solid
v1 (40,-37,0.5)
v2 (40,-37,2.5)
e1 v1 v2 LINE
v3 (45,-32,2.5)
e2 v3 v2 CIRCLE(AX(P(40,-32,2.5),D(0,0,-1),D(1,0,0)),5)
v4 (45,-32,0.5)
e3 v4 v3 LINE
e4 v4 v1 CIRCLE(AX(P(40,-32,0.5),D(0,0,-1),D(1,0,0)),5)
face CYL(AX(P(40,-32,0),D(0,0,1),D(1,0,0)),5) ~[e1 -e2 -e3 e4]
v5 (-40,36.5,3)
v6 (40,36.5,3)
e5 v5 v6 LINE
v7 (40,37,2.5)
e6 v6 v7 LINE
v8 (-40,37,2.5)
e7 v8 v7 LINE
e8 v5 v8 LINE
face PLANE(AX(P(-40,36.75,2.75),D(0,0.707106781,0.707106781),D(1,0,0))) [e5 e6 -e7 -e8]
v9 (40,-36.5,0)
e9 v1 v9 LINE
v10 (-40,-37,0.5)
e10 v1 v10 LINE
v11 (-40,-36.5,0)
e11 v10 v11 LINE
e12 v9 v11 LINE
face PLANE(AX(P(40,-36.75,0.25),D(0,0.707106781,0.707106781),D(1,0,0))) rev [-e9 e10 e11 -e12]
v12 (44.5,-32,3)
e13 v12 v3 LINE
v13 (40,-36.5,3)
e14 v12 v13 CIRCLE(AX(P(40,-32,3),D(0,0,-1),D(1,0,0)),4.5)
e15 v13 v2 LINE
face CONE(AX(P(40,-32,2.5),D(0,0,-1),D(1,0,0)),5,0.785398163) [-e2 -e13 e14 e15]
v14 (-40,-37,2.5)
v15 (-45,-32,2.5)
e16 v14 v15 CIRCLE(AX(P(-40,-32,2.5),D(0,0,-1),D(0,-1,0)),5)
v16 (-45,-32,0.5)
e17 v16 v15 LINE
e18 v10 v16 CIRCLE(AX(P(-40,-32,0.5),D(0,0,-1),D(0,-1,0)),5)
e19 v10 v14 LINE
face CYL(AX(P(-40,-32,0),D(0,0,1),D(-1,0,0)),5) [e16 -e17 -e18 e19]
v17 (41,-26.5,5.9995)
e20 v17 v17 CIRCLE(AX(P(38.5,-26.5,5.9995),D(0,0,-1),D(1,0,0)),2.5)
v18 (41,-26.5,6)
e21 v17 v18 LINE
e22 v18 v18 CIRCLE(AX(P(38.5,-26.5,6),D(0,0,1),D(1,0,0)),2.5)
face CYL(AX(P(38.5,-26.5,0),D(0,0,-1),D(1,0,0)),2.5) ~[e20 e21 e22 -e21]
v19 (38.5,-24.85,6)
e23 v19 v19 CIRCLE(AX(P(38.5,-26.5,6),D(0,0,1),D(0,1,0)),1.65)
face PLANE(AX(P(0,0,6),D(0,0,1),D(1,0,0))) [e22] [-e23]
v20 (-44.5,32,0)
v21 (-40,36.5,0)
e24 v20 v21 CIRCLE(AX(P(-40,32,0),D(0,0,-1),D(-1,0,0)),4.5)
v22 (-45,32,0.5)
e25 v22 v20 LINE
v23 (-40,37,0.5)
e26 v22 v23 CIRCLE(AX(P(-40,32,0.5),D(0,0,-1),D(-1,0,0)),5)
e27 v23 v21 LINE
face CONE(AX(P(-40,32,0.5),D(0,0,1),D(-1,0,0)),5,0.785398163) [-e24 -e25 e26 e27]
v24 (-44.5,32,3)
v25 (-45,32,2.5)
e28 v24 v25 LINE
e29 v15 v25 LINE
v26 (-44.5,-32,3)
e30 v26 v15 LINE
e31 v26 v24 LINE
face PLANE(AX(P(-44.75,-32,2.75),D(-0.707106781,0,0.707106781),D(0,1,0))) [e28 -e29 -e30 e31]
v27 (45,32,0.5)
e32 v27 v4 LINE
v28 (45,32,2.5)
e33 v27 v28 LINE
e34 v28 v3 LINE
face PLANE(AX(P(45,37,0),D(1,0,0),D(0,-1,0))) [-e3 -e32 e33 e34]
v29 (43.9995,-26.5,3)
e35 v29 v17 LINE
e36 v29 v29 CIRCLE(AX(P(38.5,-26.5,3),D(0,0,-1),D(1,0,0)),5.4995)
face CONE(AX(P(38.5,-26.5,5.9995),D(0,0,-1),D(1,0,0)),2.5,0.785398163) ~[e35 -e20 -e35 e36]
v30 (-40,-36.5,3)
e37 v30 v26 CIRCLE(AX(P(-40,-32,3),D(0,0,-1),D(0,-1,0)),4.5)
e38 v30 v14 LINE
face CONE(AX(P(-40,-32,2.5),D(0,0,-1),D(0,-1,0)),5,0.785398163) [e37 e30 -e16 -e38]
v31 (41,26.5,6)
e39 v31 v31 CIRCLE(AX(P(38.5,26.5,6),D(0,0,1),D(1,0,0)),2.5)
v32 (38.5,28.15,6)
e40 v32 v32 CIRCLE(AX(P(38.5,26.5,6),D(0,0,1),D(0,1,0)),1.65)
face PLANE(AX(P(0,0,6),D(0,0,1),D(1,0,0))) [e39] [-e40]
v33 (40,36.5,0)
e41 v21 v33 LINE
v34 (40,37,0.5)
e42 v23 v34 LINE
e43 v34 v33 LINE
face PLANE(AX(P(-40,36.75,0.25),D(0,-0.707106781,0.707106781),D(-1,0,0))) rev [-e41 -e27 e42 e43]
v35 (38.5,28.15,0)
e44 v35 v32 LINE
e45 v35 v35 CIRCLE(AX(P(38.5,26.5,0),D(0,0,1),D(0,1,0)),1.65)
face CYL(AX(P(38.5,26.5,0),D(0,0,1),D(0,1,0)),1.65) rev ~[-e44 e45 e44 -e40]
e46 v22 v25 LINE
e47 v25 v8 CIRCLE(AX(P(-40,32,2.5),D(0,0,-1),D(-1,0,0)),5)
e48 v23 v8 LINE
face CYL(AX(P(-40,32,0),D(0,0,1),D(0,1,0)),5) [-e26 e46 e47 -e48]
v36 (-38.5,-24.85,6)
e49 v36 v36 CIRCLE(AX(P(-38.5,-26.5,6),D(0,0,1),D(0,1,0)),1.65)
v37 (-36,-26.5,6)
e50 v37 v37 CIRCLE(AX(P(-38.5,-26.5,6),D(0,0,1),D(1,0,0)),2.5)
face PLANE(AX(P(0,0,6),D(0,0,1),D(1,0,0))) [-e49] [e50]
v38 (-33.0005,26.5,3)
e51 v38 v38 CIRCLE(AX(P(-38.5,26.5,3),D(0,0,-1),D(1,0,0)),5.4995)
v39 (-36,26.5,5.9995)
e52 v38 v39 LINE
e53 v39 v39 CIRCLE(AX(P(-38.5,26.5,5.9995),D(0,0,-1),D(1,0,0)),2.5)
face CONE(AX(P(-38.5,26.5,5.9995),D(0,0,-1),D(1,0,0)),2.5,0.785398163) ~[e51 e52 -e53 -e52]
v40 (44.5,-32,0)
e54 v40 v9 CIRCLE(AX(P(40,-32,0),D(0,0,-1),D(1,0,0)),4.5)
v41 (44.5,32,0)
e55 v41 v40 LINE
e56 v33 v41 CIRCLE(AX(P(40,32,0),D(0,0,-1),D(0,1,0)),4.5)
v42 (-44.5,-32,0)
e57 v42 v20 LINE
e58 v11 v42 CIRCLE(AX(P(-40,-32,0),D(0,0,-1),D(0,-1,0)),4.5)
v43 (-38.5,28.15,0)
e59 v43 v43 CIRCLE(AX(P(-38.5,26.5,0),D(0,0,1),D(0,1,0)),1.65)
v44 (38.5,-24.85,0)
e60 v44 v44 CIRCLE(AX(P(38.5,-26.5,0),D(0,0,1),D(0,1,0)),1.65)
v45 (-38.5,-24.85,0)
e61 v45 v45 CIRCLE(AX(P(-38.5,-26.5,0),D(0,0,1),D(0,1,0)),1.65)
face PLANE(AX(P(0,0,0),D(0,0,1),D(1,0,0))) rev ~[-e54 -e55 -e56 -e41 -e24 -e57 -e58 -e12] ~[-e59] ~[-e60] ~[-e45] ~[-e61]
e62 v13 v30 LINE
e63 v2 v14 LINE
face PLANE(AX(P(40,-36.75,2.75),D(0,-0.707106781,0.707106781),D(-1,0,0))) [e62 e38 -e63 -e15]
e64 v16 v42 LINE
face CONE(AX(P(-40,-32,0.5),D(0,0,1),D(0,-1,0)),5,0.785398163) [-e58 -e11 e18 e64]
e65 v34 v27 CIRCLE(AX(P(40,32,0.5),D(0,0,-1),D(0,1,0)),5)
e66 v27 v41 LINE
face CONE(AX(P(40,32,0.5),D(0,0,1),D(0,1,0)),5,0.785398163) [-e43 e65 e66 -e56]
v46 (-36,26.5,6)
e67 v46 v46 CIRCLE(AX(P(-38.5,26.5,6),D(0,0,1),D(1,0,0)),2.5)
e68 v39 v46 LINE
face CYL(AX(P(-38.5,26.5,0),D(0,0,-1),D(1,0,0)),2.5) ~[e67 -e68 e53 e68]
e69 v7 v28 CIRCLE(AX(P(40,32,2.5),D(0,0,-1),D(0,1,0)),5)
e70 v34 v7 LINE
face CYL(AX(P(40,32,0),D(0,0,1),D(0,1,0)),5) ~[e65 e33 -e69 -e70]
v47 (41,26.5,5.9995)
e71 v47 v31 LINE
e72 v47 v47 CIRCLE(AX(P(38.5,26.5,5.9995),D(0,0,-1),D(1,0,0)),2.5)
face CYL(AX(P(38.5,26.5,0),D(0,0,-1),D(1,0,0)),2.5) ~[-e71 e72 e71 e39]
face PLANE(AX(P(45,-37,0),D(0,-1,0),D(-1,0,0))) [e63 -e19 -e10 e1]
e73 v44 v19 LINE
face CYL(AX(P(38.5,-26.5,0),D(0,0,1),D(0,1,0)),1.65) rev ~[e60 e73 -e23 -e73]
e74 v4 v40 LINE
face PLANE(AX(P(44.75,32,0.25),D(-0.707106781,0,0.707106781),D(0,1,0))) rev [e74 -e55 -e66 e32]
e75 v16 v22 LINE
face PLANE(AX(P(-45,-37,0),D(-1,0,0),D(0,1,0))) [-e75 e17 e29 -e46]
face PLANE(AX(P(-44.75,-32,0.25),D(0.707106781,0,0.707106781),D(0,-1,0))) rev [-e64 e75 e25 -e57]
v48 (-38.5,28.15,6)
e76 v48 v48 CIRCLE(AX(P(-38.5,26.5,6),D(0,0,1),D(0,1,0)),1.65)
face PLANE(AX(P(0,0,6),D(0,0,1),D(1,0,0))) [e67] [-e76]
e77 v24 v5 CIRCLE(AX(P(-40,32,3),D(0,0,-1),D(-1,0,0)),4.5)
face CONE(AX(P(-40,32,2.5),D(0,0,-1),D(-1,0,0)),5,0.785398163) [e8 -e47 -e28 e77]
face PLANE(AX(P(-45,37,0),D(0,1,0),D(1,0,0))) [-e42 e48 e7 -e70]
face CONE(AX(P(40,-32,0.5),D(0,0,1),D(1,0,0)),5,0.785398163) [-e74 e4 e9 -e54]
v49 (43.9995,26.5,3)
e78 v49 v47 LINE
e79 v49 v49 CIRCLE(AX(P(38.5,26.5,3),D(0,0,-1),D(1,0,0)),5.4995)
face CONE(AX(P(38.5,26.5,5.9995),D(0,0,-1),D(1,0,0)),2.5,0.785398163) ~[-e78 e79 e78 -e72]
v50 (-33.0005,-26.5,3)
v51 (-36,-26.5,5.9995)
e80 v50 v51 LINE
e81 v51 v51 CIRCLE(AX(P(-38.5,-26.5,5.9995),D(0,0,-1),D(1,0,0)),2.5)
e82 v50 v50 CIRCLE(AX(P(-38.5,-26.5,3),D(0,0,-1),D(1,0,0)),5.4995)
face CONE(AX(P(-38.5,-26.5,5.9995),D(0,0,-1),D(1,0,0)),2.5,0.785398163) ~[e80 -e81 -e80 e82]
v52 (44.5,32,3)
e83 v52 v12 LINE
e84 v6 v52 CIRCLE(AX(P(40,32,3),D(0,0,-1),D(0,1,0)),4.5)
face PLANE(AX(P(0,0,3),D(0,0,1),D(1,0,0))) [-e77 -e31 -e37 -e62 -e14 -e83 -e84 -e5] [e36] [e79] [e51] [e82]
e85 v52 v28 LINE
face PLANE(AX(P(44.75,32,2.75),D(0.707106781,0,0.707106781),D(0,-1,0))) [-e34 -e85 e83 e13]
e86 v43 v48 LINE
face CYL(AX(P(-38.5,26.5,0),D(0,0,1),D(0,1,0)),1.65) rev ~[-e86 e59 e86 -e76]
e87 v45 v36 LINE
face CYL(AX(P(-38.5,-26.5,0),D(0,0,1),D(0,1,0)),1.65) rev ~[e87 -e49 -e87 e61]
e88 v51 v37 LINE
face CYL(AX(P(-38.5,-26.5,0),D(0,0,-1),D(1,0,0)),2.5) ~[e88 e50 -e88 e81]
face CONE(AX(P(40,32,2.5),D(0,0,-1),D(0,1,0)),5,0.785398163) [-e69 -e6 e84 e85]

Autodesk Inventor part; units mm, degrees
ref_plane "YZ Plane" through (0, 0, 0) normal (1, 0, 0) x (0, 1, 0)
ref_plane "XZ Plane" through (0, 0, 0) normal (0, 1, 0) x (-1, 0, 0)
ref_plane "XY Plane" through (0, 0, 0) normal (0, 0, 1) x (1, 0, 0)
sketch "Sketch1" plane through (0, 0, 0) normal (0, 0, 1) x (1, 0, 0)
  line L0 (-45, 37) -> (45, 37)
  line L1 (45, 37) -> (45, -37)
  line L2 (45, -37) -> (-45, -37)
  line L3 (-45, -37) -> (-45, 37)
  line L4 (-38.5, 26.5) -> (38.5, 26.5) construction
  line L5 (38.5, 26.5) -> (38.5, -26.5) construction
  line L6 (38.5, -26.5) -> (-38.5, -26.5) construction
  line L7 (-38.5, -26.5) -> (-38.5, 26.5) construction
  circle A0 centre (-38.5, 26.5) radius 2.5
  circle A1 centre (38.5, 26.5) radius 2.5
  circle A2 centre (38.5, -26.5) radius 2.5
  circle A3 centre (-38.5, -26.5) radius 2.5
  point P0 (0, 0)
  point P1 (45, 0)
  point P2 (0, 37)
  point P3 (38.5, 0)
  point P4 (0, 26.5)
  dimension "d0" = 90
  dimension "d1" = 74
  dimension "d2" = 77
  dimension "d3" = 53
  dimension "d14" = 5
extrude "Extrusion1" add sketch "Sketch1" along normal blind 3 contours L0 L1 L2 L3 | A0 | A1 | A2 | A3
extrude "Extrusion2" add sketch "Sketch1" along normal blind 6 contours A0 | A1 | A2 | A3
chamfer "Chamfer1" distance 3 angle 45 4 edges at (-41, 26.5, 3) (36, 26.5, 3) (36, -26.5, 3) (-41, -26.5, 3)
hole "Hole1" at (38.5, 26.5, 0) at (38.5, -26.5, 0) at (-38.5, -26.5, 0) at (-38.5, 26.5, 0) direction (0, 0, 1) diameter 3.3 end through all
fillet "Fillet1" radius 5 4 edges at (45, 37, 1.5) (45, -37, 1.5) (-45, -37, 1.5) (-45, 37, 1.5)
chamfer "Chamfer2" distance 0.5 angle 45 9 edges at (0, 37, 0) (-43.5355, 35.5355, 0) (-45, 0, 0) (-43.5355, -35.5355, 0) (0, -37, 0) (43.5355, -35.5355, 0) (45, 0, 0) (43.5355, 35.5355, 0) (0, 37, 3)
equation "\"d0\" = length"
equation "\"d1\" = width"
equation "\"d4\" = thickness"
equation "\"d15\" = thickness + bump"
equation "\"width\" = 74"
equation "\"length\" = 90"
equation "\"thickness\" = 3"
equation "\"bump\" = 3"
properties part number "temp-logger-base-plate" material "ABS Plastic"
